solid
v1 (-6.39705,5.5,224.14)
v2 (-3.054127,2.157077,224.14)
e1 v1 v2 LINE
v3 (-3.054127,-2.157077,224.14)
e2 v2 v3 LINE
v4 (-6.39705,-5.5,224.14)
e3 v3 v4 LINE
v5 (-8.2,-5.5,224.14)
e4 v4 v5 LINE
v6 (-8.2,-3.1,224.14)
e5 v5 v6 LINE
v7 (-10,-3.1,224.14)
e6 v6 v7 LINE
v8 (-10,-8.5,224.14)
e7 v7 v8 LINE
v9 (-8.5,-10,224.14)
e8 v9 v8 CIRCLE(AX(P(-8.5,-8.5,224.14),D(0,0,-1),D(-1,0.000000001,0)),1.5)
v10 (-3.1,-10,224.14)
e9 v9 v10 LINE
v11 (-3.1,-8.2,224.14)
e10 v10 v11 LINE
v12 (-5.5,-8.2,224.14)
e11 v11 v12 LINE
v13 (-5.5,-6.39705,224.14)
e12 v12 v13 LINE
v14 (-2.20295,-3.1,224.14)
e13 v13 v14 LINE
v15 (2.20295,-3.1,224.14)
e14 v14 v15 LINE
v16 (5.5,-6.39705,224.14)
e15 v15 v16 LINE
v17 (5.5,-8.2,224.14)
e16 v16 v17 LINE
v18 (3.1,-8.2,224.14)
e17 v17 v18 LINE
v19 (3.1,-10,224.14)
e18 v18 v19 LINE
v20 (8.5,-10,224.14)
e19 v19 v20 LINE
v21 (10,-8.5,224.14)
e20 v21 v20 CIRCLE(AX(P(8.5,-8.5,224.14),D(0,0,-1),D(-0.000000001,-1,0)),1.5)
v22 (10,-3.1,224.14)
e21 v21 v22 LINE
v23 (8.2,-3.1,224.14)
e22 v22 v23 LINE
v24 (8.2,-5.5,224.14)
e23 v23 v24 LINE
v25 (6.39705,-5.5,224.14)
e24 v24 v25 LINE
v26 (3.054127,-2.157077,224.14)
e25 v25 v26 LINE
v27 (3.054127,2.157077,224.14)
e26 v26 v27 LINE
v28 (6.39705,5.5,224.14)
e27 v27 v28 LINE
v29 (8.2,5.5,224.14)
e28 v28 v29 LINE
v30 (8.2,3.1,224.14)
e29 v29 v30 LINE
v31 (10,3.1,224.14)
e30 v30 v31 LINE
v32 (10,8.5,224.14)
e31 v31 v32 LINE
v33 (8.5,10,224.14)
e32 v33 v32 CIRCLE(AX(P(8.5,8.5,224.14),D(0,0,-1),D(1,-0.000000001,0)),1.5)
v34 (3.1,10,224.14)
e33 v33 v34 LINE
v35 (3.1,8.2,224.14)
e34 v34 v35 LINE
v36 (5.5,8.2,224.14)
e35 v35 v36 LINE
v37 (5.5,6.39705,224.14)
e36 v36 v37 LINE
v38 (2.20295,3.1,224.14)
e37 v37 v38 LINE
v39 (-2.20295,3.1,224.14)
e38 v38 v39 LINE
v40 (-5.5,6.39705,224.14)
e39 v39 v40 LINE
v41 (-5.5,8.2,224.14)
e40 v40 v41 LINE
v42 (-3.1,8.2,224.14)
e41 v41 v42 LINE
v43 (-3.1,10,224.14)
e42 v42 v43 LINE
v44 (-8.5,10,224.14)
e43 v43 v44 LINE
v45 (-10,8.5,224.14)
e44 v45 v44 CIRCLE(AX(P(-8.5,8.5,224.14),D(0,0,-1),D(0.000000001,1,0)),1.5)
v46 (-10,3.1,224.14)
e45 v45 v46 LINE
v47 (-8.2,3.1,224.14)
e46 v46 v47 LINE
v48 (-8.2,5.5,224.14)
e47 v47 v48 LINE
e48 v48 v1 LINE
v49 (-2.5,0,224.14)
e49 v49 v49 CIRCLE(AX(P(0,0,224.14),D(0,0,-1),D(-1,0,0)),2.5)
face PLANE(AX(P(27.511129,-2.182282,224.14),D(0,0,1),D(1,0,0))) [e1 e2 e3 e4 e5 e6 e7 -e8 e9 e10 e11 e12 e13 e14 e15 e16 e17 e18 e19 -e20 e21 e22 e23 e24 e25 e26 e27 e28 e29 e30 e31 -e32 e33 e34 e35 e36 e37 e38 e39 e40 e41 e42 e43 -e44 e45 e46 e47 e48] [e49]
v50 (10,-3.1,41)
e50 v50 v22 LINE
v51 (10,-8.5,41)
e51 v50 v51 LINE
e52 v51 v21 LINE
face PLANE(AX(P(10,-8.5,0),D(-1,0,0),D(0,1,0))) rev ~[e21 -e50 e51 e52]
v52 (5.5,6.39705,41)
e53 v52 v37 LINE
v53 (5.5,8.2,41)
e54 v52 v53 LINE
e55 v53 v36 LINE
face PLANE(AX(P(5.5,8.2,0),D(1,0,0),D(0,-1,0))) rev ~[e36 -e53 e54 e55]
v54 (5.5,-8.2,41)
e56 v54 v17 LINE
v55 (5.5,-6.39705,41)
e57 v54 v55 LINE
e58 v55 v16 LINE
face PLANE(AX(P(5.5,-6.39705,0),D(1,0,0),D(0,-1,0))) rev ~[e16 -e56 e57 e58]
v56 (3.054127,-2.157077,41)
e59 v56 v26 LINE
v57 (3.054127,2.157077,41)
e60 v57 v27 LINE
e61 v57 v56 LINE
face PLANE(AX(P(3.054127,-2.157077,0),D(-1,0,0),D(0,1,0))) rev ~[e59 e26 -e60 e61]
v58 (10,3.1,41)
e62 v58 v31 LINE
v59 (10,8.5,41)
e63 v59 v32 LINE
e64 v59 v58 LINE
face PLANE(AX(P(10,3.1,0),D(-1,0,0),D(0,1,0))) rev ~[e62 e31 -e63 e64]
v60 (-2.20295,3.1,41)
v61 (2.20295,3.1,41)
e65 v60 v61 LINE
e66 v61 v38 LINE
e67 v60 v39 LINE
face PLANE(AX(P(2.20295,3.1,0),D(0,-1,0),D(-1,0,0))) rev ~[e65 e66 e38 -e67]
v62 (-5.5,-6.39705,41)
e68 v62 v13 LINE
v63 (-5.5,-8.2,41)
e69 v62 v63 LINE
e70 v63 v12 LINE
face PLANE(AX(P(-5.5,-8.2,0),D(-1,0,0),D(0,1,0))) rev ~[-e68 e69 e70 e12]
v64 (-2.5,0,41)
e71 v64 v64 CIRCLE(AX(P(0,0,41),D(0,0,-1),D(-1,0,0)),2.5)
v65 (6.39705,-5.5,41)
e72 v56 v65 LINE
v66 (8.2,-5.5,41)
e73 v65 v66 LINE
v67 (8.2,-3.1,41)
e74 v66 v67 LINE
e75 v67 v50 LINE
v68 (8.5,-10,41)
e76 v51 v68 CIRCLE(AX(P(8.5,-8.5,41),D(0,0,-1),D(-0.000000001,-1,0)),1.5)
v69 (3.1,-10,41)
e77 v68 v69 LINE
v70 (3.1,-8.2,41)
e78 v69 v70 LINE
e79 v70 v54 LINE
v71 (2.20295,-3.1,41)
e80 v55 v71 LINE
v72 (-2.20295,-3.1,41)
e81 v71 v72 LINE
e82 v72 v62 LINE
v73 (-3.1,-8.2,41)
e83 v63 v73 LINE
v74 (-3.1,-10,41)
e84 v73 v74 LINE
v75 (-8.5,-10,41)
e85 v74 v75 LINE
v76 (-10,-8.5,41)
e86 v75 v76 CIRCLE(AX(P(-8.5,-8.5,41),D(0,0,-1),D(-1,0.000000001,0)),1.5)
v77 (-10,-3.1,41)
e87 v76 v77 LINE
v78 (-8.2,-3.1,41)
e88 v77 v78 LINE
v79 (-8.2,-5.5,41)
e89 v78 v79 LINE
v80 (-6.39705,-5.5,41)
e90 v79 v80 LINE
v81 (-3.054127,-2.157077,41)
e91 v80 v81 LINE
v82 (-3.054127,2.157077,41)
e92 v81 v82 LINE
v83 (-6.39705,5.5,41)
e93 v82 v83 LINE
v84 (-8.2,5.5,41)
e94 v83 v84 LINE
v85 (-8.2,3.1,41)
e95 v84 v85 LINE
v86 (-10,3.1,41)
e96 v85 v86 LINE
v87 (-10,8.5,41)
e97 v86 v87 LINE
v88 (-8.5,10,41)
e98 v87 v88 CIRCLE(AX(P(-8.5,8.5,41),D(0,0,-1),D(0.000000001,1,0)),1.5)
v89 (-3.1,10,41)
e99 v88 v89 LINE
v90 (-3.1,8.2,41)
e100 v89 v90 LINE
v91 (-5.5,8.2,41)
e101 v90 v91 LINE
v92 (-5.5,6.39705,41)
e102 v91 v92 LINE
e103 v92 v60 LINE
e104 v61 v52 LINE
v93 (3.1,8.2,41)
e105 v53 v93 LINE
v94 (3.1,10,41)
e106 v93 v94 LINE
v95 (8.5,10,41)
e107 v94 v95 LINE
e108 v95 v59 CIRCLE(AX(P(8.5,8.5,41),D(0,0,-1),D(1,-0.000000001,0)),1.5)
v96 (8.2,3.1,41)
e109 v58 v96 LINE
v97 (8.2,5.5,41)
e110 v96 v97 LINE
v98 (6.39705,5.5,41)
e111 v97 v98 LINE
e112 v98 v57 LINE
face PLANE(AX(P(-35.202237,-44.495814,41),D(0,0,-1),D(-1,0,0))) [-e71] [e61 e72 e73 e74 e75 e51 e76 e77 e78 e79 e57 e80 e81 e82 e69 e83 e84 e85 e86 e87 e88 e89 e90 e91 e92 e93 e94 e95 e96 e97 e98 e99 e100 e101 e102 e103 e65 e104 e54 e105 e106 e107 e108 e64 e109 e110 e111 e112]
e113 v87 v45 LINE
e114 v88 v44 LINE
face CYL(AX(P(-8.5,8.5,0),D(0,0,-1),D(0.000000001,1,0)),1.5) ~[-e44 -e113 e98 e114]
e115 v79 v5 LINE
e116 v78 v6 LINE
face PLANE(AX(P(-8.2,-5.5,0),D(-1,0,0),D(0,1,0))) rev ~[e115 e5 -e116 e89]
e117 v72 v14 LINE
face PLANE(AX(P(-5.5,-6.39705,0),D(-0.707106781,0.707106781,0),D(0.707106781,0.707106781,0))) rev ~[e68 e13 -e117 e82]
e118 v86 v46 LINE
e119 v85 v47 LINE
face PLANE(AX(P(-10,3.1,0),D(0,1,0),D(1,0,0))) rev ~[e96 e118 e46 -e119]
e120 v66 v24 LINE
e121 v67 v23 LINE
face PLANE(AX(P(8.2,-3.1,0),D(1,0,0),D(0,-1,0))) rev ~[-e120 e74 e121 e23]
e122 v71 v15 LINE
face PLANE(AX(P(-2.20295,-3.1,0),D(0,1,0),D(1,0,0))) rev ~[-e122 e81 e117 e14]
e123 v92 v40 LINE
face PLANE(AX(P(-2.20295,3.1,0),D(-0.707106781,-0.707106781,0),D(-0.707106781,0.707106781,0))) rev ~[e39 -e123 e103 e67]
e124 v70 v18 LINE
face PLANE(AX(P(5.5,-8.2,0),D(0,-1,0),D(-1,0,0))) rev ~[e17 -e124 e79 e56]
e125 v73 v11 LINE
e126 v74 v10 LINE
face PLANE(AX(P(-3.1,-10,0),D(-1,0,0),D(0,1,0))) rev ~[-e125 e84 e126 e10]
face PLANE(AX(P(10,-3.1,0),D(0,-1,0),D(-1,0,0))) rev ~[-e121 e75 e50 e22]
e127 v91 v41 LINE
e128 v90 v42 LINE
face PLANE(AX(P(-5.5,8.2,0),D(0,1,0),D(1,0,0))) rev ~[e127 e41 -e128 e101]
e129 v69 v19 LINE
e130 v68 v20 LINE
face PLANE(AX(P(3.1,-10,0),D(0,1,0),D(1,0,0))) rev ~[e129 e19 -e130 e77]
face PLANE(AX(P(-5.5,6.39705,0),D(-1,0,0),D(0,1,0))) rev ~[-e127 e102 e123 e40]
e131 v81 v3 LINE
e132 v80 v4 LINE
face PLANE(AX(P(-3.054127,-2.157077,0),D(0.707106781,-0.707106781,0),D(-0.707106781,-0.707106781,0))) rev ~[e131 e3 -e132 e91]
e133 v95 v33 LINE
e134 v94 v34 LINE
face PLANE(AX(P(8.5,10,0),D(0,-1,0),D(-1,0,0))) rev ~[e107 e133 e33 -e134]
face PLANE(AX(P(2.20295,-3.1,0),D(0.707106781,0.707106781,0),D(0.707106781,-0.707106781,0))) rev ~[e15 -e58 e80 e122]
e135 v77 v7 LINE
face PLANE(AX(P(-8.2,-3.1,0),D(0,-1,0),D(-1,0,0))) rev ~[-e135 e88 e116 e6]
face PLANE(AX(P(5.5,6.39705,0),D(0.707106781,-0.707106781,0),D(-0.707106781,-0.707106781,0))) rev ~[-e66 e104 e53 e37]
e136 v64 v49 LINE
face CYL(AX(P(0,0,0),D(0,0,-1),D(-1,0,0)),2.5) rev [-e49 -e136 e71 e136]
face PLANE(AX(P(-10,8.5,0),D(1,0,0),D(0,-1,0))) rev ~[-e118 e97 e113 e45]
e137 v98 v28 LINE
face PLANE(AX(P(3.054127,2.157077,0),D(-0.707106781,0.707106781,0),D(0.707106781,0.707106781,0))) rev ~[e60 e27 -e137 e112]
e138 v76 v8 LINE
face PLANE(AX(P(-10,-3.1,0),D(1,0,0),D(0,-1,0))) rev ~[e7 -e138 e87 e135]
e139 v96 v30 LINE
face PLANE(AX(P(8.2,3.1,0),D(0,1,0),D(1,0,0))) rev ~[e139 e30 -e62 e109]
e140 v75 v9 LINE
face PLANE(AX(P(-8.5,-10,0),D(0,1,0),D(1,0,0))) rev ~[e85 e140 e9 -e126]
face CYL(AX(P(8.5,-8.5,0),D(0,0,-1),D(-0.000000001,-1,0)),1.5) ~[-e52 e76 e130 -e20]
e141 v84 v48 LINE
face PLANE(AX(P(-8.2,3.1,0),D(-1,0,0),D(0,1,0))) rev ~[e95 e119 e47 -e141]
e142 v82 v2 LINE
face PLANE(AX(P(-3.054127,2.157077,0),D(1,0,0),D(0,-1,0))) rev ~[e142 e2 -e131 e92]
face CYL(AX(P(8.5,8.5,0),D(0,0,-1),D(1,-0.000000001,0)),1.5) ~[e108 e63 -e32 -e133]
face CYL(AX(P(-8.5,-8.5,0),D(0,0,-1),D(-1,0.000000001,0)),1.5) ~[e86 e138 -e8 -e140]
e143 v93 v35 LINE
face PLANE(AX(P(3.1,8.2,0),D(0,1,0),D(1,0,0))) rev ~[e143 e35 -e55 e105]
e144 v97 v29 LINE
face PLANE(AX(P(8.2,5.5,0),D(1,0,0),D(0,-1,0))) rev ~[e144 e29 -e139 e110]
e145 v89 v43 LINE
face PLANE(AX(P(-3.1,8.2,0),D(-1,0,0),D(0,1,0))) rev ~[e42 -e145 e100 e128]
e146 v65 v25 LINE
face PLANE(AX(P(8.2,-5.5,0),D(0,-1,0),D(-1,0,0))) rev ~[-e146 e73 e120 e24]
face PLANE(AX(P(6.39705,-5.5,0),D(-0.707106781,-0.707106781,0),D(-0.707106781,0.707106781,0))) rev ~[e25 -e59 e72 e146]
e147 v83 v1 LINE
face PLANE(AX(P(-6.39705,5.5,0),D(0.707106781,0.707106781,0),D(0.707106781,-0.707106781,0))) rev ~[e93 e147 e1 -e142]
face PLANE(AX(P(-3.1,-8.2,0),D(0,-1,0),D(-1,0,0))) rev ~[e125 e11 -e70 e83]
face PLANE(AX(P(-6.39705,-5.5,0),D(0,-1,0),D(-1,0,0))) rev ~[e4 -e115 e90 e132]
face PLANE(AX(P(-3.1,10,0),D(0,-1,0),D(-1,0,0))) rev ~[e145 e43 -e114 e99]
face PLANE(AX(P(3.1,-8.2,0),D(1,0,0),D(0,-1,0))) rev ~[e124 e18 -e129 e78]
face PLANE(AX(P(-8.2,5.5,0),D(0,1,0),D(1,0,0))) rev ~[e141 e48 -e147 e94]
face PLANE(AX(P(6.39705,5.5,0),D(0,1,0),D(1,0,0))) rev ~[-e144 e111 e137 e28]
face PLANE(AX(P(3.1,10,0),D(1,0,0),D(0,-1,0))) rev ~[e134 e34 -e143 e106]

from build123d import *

# Parameters (mm, degrees)
SKETCH_1_R          = 2.5
EXTRUDE_1_DEPTH     = 950
SKETCH_2_W          = 109.948268043
SKETCH_2_H          = 29.443949836
CUT_EXTRUDE_1_DEPTH = 725.86
SKETCH_5_W          = 99.378556311
SKETCH_5_H          = 151.459473896
CUT_EXTRUDE_2_DEPTH = 41


with BuildPart() as part:
    # 草图1 → 凸台-拉伸1 (new body)
    with BuildSketch(Plane.XY):
        with BuildLine():
            Line((-8.2, -3.1), (-10, -3.1))
            Line((-10, -3.1), (-10, -8.5))
            ThreePointArc((-10, -8.5), (-9.560660172, -9.560660172), (-8.5, -10))
            Line((-8.5, -10), (-3.1, -10))
            Line((-3.1, -10), (-3.1, -8.2))
            Line((-3.1, -8.2), (-5.5, -8.2))
            Line((-5.5, -8.2), (-5.5, -6.397050155))
            Line((-5.5, -6.397050155), (-2.202949845, -3.1))
            Line((-2.202949845, -3.1), (2.202949845, -3.1))
            Line((2.202949845, -3.1), (5.5, -6.397050155))
            Line((5.5, -6.397050155), (5.5, -8.2))
            Line((5.5, -8.2), (3.1, -8.2))
            Line((3.1, -8.2), (3.1, -10))
            Line((3.1, -10), (8.5, -10))
            ThreePointArc((8.5, -10), (9.560660172, -9.560660172), (10, -8.5))
            Line((10, -8.5), (10, -3.1))
            Line((10, -3.1), (8.2, -3.1))
            Line((8.2, -3.1), (8.2, -5.5))
            Line((8.2, -5.5), (6.397050155, -5.5))
            Line((6.397050155, -5.5), (3.05412702, -2.157076865))
            Line((3.05412702, -2.157076865), (3.05412702, 2.157076865))
            Line((3.05412702, 2.157076865), (6.397050155, 5.5))
            Line((6.397050155, 5.5), (8.2, 5.5))
            Line((8.2, 5.5), (8.2, 3.1))
            Line((8.2, 3.1), (10, 3.1))
            Line((10, 3.1), (10, 8.5))
            ThreePointArc((10, 8.5), (9.560660172, 9.560660172), (8.5, 10))
            Line((8.5, 10), (3.1, 10))
            Line((3.1, 10), (3.1, 8.2))
            Line((3.1, 8.2), (5.5, 8.2))
            Line((5.5, 8.2), (5.5, 6.397050155))
            Line((5.5, 6.397050155), (2.202949845, 3.1))
            Line((2.202949845, 3.1), (-2.202949845, 3.1))
            Line((-2.202949845, 3.1), (-5.5, 6.397050155))
            Line((-5.5, 6.397050155), (-5.5, 8.2))
            Line((-5.5, 8.2), (-3.1, 8.2))
            Line((-3.1, 8.2), (-3.1, 10))
            Line((-3.1, 10), (-8.5, 10))
            ThreePointArc((-8.5, 10), (-9.560660172, 9.560660172), (-10, 8.5))
            Line((-10, 8.5), (-10, 3.1))
            Line((-10, 3.1), (-8.2, 3.1))
            Line((-8.2, 3.1), (-8.2, 5.5))
            Line((-8.2, 5.5), (-6.397050155, 5.5))
            Line((-6.397050155, 5.5), (-3.05412702, 2.157076865))
            Line((-3.05412702, 2.157076865), (-3.05412702, -2.157076865))
            Line((-3.05412702, -2.157076865), (-6.397050155, -5.5))
            Line((-6.397050155, -5.5), (-8.2, -5.5))
            Line((-8.2, -5.5), (-8.2, -3.1))
        make_face()
        with Locations(Location((0, 0, 0), (0, 0, 180))):
            Circle(SKETCH_1_R, mode=Mode.SUBTRACT)
    extrude(amount=EXTRUDE_1_DEPTH)

    # 草图2 → 切除-拉伸1 (cut)
    with BuildSketch(Plane.XY.offset(950)):
        with Locations((27.511129311, -2.182282155)):
            Rectangle(SKETCH_2_W, SKETCH_2_H)
    extrude(amount=-CUT_EXTRUDE_1_DEPTH, mode=Mode.SUBTRACT)

    # 草图5 → 切除-拉伸2 (cut)
    with BuildSketch(Plane(origin=(0, 0, 0), x_dir=(-1, 0, 0), z_dir=(0, 0, -1))):
        with Locations((35.202237194, -44.495814053)):
            Rectangle(SKETCH_5_W, SKETCH_5_H)
    extrude(amount=-CUT_EXTRUDE_2_DEPTH, mode=Mode.SUBTRACT)


solid = part.part
